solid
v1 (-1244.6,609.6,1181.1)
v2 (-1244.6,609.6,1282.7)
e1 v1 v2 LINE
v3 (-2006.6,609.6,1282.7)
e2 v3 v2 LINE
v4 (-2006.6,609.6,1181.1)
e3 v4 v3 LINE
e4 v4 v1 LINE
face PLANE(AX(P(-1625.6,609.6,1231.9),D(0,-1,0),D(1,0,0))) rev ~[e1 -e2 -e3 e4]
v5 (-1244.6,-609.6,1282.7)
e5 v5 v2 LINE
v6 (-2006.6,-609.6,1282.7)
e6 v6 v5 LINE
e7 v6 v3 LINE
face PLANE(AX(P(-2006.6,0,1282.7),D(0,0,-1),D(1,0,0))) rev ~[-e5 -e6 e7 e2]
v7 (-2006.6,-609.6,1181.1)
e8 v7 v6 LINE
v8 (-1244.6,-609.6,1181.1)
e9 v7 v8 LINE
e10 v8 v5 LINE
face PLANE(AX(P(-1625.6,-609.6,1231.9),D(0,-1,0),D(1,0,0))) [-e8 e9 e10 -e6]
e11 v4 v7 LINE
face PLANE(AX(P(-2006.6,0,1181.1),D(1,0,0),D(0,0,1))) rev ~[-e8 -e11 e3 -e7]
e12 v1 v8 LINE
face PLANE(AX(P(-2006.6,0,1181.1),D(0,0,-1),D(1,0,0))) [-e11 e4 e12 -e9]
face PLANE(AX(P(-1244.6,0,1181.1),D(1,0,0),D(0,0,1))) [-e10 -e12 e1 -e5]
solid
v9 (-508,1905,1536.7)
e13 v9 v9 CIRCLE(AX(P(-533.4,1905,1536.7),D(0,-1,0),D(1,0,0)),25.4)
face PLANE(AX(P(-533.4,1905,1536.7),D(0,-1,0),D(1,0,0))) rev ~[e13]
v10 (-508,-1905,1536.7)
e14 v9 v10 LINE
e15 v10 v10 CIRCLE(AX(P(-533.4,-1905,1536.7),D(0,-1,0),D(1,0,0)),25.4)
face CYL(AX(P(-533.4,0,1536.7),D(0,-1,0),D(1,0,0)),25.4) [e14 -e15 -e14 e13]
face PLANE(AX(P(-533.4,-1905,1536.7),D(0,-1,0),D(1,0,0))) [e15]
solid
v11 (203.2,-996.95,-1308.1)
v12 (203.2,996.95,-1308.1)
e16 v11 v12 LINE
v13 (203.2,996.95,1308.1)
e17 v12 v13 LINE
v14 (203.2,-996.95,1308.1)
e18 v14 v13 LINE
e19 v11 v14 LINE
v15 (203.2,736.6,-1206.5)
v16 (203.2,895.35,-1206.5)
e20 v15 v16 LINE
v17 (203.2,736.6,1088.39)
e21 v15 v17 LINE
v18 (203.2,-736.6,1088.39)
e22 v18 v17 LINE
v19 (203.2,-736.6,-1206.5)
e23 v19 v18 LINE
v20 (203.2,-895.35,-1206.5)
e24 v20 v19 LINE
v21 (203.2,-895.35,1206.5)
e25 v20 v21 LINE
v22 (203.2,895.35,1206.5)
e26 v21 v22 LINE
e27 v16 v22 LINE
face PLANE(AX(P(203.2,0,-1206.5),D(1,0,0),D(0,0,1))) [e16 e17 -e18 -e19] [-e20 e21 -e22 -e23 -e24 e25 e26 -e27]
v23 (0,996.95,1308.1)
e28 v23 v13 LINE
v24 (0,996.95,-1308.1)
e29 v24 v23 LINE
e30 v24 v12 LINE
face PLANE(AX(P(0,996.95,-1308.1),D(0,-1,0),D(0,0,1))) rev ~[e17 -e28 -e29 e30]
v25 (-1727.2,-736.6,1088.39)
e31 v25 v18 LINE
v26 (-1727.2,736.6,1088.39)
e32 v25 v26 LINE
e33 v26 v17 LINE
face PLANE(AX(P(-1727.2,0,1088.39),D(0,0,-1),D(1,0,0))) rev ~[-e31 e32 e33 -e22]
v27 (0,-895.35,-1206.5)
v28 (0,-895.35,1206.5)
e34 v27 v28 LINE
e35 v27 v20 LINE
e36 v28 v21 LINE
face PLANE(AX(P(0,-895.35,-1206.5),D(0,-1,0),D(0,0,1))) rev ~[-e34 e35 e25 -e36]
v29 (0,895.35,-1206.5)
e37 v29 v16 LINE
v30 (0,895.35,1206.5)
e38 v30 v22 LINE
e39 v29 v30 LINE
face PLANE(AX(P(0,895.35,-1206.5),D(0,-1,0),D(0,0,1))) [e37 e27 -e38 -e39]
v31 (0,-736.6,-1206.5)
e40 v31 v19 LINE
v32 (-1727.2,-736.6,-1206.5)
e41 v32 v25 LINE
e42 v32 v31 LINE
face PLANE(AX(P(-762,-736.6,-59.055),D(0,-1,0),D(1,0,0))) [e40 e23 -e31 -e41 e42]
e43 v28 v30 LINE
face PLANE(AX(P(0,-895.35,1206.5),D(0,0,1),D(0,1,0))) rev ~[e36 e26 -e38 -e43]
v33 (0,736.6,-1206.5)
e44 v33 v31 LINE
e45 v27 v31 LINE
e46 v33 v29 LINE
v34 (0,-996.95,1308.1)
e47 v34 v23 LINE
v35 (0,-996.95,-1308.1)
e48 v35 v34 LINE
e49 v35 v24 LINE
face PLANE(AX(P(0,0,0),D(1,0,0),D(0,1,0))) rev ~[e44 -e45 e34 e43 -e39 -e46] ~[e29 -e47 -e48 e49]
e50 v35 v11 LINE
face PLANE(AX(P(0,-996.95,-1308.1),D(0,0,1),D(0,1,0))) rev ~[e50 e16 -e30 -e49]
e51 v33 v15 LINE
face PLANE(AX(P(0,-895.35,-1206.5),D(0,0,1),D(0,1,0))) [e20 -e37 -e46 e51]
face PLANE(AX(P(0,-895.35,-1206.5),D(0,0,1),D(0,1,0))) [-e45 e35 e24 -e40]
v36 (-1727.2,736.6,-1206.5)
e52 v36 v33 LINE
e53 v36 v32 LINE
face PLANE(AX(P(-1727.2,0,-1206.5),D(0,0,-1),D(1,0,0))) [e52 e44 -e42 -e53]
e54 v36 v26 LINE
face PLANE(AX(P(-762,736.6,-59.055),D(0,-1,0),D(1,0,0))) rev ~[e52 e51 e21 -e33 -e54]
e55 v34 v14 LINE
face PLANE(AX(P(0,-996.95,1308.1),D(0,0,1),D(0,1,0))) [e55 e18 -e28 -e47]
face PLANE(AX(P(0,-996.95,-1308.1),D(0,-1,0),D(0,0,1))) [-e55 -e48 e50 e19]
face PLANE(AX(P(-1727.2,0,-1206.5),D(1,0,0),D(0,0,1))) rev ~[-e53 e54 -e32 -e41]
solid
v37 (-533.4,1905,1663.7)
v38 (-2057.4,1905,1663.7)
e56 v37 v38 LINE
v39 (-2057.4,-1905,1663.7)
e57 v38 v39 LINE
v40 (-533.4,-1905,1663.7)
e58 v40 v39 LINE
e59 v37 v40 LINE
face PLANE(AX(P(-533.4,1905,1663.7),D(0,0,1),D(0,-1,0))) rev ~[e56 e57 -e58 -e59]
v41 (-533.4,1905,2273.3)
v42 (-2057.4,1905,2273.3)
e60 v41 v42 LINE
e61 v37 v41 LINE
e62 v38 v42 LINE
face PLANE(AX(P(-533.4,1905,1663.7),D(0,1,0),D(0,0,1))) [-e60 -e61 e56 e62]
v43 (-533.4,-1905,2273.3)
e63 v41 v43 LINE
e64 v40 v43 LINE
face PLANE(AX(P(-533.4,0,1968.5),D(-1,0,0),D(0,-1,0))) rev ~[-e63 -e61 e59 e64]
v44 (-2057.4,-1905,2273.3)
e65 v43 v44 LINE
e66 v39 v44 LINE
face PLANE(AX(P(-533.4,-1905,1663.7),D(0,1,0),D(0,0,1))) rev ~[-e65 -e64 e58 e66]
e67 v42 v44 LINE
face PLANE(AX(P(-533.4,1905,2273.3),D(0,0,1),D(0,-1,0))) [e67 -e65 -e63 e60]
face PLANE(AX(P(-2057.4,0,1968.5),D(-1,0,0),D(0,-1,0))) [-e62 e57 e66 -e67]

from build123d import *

# Parameters (mm, degrees)
F0_W           = 1993.9
F0_H           = 2616.2
F0_W_2         = 1790.7
F0_H_2         = 2413
F1_DEPTH       = 203.2
F3_W           = 3810
F3_H           = 609.6
F4_DEPTH       = 1524
F5_R           = 25.4
F6_DEPTH       = 1905
F6_DEPTH_BACK  = 1905
F7_W           = 762
F7_H           = 101.6
F8_DEPTH       = 609.6
F8_DEPTH_BACK  = 609.6
F9_W           = 1930.4
F9_H           = 2294.89
F10_DEPTH      = 736.6
F10_DEPTH_BACK = 736.6


with BuildPart() as f1:
    # F0 (on Right) → F1 (new body)
    with BuildSketch(Plane.YZ):
        Rectangle(F0_W, F0_H)
        Rectangle(F0_W_2, F0_H_2, mode=Mode.SUBTRACT)
    extrude(amount=F1_DEPTH)

    # F9 (on Front) → F10 (join, two sides)
    with BuildSketch(Plane.XZ) as f10_sk:
        with Locations((-762, -59.055)):
            Rectangle(F9_W, F9_H)
    extrude(amount=F10_DEPTH)
    extrude(f10_sk.sketch, amount=-F10_DEPTH_BACK)


with BuildPart() as f4:
    # F3 (on offset) → F4 (new body)
    with BuildSketch(Plane(origin=(-533.4, 0, 0), x_dir=(0, -1, 0), z_dir=(-1, 0, 0))):
        with Locations((0, 1968.5)):
            Rectangle(F3_W, F3_H)
    extrude(amount=F4_DEPTH)


with BuildPart() as f6:
    # F5 (on Front) → F6 (new body, two sides)
    with BuildSketch(Plane.XZ) as f6_sk:
        with Locations((-533.4, 1536.7)):
            Circle(F5_R)
    extrude(amount=F6_DEPTH)
    extrude(f6_sk.sketch, amount=-F6_DEPTH_BACK)


with BuildPart() as f8:
    # F7 (on Front) → F8 (new body, two sides)
    with BuildSketch(Plane.XZ) as f8_sk:
        with Locations((-1625.6, 1231.9)):
            Rectangle(F7_W, F7_H)
    extrude(amount=F8_DEPTH)
    extrude(f8_sk.sketch, amount=-F8_DEPTH_BACK)


solid = Compound([f1.part, f4.part, f6.part, f8.part])
